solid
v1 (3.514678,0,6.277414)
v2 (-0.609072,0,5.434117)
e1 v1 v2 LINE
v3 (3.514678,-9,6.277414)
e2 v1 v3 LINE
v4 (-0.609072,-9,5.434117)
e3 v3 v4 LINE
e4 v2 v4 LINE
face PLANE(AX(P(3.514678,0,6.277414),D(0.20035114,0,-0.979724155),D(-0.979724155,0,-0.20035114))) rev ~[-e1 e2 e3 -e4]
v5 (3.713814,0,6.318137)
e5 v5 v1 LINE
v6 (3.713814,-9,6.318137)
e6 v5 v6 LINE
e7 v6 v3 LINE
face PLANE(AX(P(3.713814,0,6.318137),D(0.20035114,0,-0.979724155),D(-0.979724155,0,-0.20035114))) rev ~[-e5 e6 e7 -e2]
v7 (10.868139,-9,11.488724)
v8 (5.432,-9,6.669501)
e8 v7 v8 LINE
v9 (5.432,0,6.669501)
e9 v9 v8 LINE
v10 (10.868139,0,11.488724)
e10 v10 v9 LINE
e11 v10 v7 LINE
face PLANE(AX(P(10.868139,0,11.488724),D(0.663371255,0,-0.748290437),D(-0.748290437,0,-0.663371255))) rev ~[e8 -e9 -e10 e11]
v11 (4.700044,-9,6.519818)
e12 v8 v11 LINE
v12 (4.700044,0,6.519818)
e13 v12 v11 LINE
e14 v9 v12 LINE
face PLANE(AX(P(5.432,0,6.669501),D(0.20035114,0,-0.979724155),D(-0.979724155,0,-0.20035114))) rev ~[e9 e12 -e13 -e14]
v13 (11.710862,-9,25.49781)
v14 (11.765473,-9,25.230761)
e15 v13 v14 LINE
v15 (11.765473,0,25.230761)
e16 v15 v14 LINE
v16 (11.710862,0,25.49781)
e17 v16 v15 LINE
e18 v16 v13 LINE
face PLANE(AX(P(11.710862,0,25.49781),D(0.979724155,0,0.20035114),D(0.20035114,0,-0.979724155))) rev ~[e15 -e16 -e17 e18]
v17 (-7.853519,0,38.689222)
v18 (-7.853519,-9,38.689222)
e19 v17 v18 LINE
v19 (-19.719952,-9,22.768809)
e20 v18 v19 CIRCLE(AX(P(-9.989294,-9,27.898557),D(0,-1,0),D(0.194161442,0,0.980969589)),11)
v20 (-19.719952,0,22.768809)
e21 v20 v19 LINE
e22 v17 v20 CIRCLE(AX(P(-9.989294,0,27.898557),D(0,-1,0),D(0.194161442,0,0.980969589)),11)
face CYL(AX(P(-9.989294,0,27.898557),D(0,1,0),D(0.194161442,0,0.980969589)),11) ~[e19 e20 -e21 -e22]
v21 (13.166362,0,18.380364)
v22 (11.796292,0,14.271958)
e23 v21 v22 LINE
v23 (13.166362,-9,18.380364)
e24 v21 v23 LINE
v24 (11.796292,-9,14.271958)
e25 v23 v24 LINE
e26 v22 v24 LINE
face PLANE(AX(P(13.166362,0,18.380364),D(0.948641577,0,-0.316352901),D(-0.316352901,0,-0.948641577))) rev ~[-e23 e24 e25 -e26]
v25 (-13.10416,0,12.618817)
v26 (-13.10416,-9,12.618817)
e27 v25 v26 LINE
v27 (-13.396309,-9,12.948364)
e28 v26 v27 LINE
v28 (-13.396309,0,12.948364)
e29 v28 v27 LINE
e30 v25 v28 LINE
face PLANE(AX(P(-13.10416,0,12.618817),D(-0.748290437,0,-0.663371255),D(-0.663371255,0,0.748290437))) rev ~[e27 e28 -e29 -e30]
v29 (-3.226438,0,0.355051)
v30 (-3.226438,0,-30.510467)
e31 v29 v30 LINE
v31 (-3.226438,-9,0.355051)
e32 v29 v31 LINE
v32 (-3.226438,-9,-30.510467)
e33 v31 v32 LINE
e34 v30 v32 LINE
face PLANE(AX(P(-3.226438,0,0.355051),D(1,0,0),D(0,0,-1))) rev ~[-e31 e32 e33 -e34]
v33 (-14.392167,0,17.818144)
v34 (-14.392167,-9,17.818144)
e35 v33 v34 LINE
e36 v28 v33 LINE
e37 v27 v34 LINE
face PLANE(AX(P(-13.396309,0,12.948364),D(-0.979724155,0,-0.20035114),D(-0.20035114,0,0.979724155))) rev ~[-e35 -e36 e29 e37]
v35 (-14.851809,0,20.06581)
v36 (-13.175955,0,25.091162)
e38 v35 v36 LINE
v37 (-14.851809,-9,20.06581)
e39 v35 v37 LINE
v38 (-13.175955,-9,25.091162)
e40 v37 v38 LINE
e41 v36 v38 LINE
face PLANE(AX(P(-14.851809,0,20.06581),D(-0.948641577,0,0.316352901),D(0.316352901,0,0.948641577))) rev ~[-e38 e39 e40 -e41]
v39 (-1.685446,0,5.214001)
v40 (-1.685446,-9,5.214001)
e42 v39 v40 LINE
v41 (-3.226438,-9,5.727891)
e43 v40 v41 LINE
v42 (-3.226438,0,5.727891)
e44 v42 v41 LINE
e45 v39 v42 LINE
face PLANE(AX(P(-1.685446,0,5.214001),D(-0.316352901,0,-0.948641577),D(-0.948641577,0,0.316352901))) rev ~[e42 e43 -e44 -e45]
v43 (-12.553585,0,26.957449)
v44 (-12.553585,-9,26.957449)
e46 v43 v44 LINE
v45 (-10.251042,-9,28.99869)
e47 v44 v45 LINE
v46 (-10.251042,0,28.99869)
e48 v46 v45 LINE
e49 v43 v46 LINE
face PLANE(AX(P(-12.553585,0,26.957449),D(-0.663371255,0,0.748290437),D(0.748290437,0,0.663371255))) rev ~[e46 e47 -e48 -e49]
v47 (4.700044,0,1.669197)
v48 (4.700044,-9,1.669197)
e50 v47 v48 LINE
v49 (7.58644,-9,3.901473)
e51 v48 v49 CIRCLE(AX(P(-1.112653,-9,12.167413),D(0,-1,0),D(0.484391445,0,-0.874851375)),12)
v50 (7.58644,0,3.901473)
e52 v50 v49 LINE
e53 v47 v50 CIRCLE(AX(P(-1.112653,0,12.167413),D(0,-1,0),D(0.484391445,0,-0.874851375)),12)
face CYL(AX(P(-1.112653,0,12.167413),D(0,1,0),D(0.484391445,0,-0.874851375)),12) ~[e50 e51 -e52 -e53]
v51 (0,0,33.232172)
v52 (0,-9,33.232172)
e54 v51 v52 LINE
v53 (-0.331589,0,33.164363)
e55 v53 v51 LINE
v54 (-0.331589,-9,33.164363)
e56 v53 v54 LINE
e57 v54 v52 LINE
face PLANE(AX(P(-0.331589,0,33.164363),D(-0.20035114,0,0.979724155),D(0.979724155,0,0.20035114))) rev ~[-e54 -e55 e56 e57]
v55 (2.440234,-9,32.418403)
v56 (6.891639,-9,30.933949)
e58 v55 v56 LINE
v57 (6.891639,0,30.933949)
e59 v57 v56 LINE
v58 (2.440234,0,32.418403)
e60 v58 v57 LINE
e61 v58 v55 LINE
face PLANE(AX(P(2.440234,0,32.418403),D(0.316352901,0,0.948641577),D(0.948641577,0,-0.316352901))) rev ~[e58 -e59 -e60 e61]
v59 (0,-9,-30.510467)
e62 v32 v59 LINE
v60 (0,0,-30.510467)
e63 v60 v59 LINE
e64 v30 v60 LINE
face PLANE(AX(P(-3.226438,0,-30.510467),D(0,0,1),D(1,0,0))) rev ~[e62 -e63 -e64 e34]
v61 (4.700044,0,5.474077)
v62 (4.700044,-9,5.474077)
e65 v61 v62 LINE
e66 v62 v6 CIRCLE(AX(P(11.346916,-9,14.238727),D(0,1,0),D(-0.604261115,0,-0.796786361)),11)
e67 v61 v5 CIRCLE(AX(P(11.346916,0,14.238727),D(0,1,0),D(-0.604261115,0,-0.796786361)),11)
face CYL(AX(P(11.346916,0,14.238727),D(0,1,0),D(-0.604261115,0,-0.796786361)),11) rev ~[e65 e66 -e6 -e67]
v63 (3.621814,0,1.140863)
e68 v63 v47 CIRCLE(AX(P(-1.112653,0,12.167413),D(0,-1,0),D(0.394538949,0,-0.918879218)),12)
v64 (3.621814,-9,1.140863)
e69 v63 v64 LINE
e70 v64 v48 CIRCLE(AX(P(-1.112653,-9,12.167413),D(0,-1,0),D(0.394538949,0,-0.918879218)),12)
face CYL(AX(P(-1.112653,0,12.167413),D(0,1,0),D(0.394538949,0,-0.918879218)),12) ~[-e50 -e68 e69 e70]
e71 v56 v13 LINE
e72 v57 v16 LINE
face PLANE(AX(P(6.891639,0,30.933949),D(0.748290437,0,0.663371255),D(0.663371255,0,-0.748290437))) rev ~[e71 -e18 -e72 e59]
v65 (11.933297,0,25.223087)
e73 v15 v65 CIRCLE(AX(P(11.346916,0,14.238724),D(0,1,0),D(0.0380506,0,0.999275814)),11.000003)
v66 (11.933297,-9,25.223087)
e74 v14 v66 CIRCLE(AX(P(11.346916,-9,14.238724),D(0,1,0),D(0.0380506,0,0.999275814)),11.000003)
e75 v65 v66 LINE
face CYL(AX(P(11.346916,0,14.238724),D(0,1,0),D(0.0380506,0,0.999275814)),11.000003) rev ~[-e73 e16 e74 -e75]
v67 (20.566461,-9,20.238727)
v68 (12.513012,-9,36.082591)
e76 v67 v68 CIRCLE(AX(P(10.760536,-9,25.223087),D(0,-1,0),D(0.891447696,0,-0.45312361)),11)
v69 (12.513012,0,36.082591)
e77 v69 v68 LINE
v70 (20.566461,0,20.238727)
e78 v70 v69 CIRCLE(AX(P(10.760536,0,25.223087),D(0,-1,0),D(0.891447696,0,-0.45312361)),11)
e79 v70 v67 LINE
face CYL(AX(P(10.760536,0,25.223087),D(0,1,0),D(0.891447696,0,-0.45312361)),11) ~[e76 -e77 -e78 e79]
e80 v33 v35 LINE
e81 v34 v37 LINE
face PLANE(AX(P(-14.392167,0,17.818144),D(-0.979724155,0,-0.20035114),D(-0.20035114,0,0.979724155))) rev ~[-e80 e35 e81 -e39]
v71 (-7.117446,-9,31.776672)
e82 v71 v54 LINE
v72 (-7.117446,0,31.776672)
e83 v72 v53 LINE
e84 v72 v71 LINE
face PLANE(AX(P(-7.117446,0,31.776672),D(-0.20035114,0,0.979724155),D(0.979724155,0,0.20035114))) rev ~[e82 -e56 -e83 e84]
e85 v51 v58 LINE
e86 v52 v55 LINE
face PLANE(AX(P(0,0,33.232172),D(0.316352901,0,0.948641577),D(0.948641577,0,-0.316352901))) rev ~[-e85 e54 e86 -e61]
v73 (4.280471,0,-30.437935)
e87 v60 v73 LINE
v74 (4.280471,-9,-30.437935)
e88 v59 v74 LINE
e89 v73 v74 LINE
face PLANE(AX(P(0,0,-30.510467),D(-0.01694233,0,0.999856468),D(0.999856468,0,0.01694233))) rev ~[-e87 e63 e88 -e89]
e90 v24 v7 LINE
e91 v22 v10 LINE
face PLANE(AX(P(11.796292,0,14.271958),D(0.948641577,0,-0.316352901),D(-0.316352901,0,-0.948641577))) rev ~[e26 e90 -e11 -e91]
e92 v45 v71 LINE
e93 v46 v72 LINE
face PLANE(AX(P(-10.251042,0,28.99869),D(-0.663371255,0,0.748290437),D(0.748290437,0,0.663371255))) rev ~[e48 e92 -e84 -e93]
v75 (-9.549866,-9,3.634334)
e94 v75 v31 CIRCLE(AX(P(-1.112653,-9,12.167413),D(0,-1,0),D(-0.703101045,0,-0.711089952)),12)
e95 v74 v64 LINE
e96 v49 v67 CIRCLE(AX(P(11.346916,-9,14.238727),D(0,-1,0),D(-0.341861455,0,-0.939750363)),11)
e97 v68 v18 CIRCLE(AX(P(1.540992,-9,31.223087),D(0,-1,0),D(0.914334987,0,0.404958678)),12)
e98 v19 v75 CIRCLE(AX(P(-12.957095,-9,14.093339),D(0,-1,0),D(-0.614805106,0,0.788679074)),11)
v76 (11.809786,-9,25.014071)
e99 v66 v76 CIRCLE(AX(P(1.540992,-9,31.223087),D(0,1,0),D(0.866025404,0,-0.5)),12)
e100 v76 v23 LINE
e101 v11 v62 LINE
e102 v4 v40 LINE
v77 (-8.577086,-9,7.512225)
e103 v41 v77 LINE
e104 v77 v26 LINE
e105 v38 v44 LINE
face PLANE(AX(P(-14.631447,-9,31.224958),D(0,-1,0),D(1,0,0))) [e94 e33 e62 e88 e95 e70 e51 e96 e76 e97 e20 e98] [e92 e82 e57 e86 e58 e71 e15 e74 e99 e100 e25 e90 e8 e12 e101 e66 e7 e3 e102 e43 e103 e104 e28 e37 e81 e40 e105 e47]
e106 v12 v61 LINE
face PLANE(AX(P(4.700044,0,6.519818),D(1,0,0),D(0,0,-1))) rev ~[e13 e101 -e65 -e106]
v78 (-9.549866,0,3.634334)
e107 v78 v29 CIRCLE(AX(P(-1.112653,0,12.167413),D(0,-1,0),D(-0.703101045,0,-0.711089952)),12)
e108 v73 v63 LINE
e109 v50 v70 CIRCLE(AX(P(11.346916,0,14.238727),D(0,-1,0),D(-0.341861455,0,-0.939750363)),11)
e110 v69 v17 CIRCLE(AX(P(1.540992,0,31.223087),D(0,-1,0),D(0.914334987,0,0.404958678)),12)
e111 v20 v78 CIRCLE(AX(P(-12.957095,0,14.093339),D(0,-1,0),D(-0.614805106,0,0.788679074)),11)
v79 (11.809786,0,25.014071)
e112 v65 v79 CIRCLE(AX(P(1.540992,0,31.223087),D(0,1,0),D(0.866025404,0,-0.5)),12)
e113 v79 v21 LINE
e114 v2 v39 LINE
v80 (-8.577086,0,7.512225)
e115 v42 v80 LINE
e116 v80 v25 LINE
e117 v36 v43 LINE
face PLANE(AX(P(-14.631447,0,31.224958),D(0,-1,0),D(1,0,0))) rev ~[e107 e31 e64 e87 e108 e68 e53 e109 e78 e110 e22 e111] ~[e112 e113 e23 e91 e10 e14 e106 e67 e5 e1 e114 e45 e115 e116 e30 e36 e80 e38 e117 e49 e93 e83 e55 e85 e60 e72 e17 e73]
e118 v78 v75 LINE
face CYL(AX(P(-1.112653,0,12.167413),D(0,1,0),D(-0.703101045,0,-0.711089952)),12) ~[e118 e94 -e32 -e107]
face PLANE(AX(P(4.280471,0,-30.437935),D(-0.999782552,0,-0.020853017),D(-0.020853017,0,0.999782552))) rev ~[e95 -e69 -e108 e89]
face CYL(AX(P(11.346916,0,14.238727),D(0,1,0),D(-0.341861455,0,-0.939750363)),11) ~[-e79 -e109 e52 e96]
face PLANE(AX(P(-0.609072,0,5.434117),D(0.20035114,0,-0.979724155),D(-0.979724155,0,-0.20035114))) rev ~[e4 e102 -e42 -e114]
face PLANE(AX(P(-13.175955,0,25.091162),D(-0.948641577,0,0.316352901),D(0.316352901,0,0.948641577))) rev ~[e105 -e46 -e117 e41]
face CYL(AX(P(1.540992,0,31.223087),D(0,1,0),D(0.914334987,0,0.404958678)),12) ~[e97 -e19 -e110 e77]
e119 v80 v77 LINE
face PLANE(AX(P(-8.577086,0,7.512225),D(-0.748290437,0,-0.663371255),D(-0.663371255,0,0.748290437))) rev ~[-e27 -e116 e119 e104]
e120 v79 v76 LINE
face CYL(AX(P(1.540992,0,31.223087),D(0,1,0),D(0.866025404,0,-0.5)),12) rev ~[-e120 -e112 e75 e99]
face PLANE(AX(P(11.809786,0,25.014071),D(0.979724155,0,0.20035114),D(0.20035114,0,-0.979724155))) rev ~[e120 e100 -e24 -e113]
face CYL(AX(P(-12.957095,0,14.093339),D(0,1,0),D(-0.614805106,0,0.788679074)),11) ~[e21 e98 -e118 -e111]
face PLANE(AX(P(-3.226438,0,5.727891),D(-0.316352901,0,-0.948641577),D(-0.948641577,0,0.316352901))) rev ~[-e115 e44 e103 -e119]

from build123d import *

# Parameters (mm, degrees)
F1_DEPTH = 9


with BuildPart() as f1:
    # F0 (on Front) → F1 (new body)
    with BuildSketch(Plane.XZ):
        with BuildLine():
            ThreePointArc((-19.7199515168, 22.7688088414), (-16.6360107994, 24.4598997459), (-13.1759548296, 25.0911615632))
            Line((-13.1759548296, 25.0911615632), (-12.553585429, 26.9574491451))
            Line((-12.553585429, 26.9574491451), (-10.2510419619, 28.9986901835))
            ThreePointArc((-10.2510419619, 28.9986901835), (-10.1077855778, 34.1050974839), (-7.8535185141, 38.6892220367))
            ThreePointArc((-7.8535185141, 38.6892220367), (-18.8089000647, 34.4723344318), (-19.7199515168, 22.7688088414))
        make_face()
        with BuildLine():
            Line((-14.8518085926, 20.0658099574), (-13.1759548296, 25.0911615632))
            ThreePointArc((-13.1759548296, 25.0911615632), (-16.6360107994, 24.4598997459), (-19.7199515168, 22.7688088414))
            ThreePointArc((-19.7199515168, 22.7688088414), (-17.4770465825, 19.8404198684), (-14.3921665295, 17.8181440266))
            Line((-14.3921665295, 17.8181440266), (-14.8518085926, 20.0658099574))
        make_face()
        with BuildLine():
            Line((-13.3963086419, 12.9483637654), (-14.3921665295, 17.8181440266))
            ThreePointArc((-14.3921665295, 17.8181440266), (-17.4770465825, 19.8404198684), (-19.7199515168, 22.7688088414))
            ThreePointArc((-19.7199515168, 22.7688088414), (-22.6703383342, 8.9306933135), (-9.5498657155, 3.6343339981))
            ThreePointArc((-9.5498657155, 3.6343339981), (-12.2712093358, 7.7530477474), (-13.1041599616, 12.6188166798))
            Line((-13.1041599616, 12.6188166798), (-13.3963086419, 12.9483637654))
        make_face()
        with BuildLine():
            Line((-3.2264382129, 0.3550507135), (-3.2264382129, 5.7278911556))
            Line((-3.2264382129, 5.7278911556), (-5.1312660195, 6.3631129466))
            ThreePointArc((-5.1312660195, 6.3631129466), (-7.1772197402, 4.7342237961), (-9.5498657155, 3.6343339981))
            ThreePointArc((-9.5498657155, 3.6343339981), (-6.6370818502, 1.5146819538), (-3.2264382129, 0.3550507135))
        make_face()
        with BuildLine():
            Line((-1.6854464257, 5.2140013649), (-3.2264382129, 5.7278911556))
            Line((-3.2264382129, 5.7278911556), (-3.2264382129, 0.3550507135))
            ThreePointArc((-3.2264382129, 0.3550507135), (0.2553267791, 0.2456421269), (3.6218142124, 1.140862803))
            Line((3.6218142124, 1.140862803), (3.5146783317, 6.277413876))
            Line((3.5146783317, 6.277413876), (-0.6090724081, 5.4341171602))
            Line((-0.6090724081, 5.4341171602), (-1.6854464257, 5.2140013649))
        make_face()
        with BuildLine():
            ThreePointArc((-9.5498657155, 3.6343339981), (-7.1772197402, 4.7342237961), (-5.1312660195, 6.3631129466))
            Line((-5.1312660195, 6.3631129466), (-8.5770856134, 7.5122245284))
            Line((-8.5770856134, 7.5122245284), (-13.1041599616, 12.6188166798))
            ThreePointArc((-13.1041599616, 12.6188166798), (-12.2712093358, 7.7530477474), (-9.5498657155, 3.6343339981))
        make_face()
        with BuildLine():
            ThreePointArc((3.6218142124, 1.140862803), (0.2553267791, 0.2456421269), (-3.2264382129, 0.3550507135))
            Line((-3.2264382129, 0.3550507135), (-3.2264382129, -30.5104665458))
            Line((-3.2264382129, -30.5104665458), (0, -30.5104665458))
            Line((0, -30.5104665458), (4.2804706275, -30.4379349907))
            Line((4.2804706275, -30.4379349907), (3.6218142124, 1.140862803))
        make_face()
        with BuildLine():
            ThreePointArc((-7.8535185141, 38.6892220367), (-10.1077855778, 34.1050974839), (-10.2510419619, 28.9986901835))
            Line((-10.2510419619, 28.9986901835), (-7.117446192, 31.7766721736))
            Line((-7.117446192, 31.7766721736), (-0.3315885654, 33.1643630917))
            ThreePointArc((-0.3315885654, 33.1643630917), (-3.477568869, 36.7640757707), (-7.8535185141, 38.6892220367))
        make_face()
        with BuildLine():
            ThreePointArc((12.5130116372, 36.0825908768), (3.0643977065, 43.1259953977), (-7.8535185141, 38.6892220367))
            ThreePointArc((-7.8535185141, 38.6892220367), (-3.477568869, 36.7640757707), (-0.3315885654, 33.1643630917))
            Line((-0.3315885654, 33.1643630917), (0, 33.2321721243))
            Line((0, 33.2321721243), (2.4402343405, 32.4184030146))
            ThreePointArc((2.4402343405, 32.4184030146), (7.0001300905, 35.5603661525), (12.5130116372, 36.0825908768))
        make_face()
        with BuildLine():
            Line((3.5146783317, 6.277413876), (3.6218142124, 1.140862803))
            ThreePointArc((3.6218142124, 1.140862803), (4.1675414436, 1.3915355093), (4.70004417, 1.6691969268))
            Line((4.70004417, 1.6691969268), (4.70004417, 5.4740770661))
            ThreePointArc((4.70004417, 5.4740770661), (4.1944674507, 5.8815460805), (3.7138142861, 6.3181366808))
            Line((3.7138142861, 6.3181366808), (3.5146783317, 6.277413876))
        make_face()
        with BuildLine():
            ThreePointArc((20.5664608958, 20.2387270332), (20.5664608958, 30.2074464559), (12.5130116372, 36.0825908768))
            ThreePointArc((12.5130116372, 36.0825908768), (13.5239296541, 30.5833992601), (11.9332966326, 25.2230867446))
            ThreePointArc((11.9332966326, 25.2230867446), (16.8469164385, 23.7650064749), (20.5664608958, 20.2387270332))
        make_face()
        with BuildLine():
            ThreePointArc((11.9332966326, 25.2230867446), (13.5239296541, 30.5833992601), (12.5130116372, 36.0825908768))
            ThreePointArc((12.5130116372, 36.0825908768), (7.0001300905, 35.5603661525), (2.4402343405, 32.4184030146))
            Line((2.4402343405, 32.4184030146), (6.8916391877, 30.9339489607))
            Line((6.8916391877, 30.9339489607), (11.7108622162, 25.4978097237))
            Line((11.7108622162, 25.4978097237), (11.7654730156, 25.2307609848))
            ThreePointArc((11.7654730156, 25.2307609848), (11.849399475, 25.2272442579), (11.9332966326, 25.2230867446))
        make_face()
        with BuildLine():
            Line((4.70004417, 5.4740770661), (4.70004417, 1.6691969268))
            ThreePointArc((4.70004417, 1.6691969268), (6.2285853657, 2.6749839802), (7.5864404314, 3.9014730362))
            ThreePointArc((7.5864404314, 3.9014730362), (6.0841704451, 4.579353109), (4.70004417, 5.4740770661))
        make_face()
        with BuildLine():
            Line((5.4319997663, 6.6695013155), (4.70004417, 6.5198182262))
            Line((4.70004417, 6.5198182262), (4.70004417, 5.4740770661))
            ThreePointArc((4.70004417, 5.4740770661), (6.0841704451, 4.579353109), (7.5864404314, 3.9014730362))
            ThreePointArc((7.5864404314, 3.9014730362), (9.9012477971, 7.4035929552), (10.8681390033, 11.488724344))
            Line((10.8681390033, 11.488724344), (5.4319997663, 6.6695013155))
        make_face()
        with BuildLine():
            ThreePointArc((20.5664608958, 20.2387270332), (16.8469164385, 23.7650064749), (11.9332966326, 25.2230867446))
            ThreePointArc((11.9332966326, 25.2230867446), (11.8720696964, 25.1182665807), (11.8097855463, 25.0140711437))
            Line((11.8097855463, 25.0140711437), (13.1663621669, 18.3803635317))
            Line((13.1663621669, 18.3803635317), (11.7962916439, 14.2719584578))
            ThreePointArc((11.7962916439, 14.2719584578), (16.9481115684, 16.1283678588), (20.5664608958, 20.2387270332))
        make_face()
        with BuildLine():
            ThreePointArc((7.5864404314, 3.9014730362), (19.9595132668, 7.3959808102), (20.5664608958, 20.2387270332))
            ThreePointArc((20.5664608958, 20.2387270332), (16.9481115684, 16.1283678588), (11.7962916439, 14.2719584578))
            Line((11.7962916439, 14.2719584578), (10.8681390033, 11.488724344))
            ThreePointArc((10.8681390033, 11.488724344), (9.9012477971, 7.4035929552), (7.5864404314, 3.9014730362))
        make_face()
    extrude(amount=F1_DEPTH)


solid = f1.part
